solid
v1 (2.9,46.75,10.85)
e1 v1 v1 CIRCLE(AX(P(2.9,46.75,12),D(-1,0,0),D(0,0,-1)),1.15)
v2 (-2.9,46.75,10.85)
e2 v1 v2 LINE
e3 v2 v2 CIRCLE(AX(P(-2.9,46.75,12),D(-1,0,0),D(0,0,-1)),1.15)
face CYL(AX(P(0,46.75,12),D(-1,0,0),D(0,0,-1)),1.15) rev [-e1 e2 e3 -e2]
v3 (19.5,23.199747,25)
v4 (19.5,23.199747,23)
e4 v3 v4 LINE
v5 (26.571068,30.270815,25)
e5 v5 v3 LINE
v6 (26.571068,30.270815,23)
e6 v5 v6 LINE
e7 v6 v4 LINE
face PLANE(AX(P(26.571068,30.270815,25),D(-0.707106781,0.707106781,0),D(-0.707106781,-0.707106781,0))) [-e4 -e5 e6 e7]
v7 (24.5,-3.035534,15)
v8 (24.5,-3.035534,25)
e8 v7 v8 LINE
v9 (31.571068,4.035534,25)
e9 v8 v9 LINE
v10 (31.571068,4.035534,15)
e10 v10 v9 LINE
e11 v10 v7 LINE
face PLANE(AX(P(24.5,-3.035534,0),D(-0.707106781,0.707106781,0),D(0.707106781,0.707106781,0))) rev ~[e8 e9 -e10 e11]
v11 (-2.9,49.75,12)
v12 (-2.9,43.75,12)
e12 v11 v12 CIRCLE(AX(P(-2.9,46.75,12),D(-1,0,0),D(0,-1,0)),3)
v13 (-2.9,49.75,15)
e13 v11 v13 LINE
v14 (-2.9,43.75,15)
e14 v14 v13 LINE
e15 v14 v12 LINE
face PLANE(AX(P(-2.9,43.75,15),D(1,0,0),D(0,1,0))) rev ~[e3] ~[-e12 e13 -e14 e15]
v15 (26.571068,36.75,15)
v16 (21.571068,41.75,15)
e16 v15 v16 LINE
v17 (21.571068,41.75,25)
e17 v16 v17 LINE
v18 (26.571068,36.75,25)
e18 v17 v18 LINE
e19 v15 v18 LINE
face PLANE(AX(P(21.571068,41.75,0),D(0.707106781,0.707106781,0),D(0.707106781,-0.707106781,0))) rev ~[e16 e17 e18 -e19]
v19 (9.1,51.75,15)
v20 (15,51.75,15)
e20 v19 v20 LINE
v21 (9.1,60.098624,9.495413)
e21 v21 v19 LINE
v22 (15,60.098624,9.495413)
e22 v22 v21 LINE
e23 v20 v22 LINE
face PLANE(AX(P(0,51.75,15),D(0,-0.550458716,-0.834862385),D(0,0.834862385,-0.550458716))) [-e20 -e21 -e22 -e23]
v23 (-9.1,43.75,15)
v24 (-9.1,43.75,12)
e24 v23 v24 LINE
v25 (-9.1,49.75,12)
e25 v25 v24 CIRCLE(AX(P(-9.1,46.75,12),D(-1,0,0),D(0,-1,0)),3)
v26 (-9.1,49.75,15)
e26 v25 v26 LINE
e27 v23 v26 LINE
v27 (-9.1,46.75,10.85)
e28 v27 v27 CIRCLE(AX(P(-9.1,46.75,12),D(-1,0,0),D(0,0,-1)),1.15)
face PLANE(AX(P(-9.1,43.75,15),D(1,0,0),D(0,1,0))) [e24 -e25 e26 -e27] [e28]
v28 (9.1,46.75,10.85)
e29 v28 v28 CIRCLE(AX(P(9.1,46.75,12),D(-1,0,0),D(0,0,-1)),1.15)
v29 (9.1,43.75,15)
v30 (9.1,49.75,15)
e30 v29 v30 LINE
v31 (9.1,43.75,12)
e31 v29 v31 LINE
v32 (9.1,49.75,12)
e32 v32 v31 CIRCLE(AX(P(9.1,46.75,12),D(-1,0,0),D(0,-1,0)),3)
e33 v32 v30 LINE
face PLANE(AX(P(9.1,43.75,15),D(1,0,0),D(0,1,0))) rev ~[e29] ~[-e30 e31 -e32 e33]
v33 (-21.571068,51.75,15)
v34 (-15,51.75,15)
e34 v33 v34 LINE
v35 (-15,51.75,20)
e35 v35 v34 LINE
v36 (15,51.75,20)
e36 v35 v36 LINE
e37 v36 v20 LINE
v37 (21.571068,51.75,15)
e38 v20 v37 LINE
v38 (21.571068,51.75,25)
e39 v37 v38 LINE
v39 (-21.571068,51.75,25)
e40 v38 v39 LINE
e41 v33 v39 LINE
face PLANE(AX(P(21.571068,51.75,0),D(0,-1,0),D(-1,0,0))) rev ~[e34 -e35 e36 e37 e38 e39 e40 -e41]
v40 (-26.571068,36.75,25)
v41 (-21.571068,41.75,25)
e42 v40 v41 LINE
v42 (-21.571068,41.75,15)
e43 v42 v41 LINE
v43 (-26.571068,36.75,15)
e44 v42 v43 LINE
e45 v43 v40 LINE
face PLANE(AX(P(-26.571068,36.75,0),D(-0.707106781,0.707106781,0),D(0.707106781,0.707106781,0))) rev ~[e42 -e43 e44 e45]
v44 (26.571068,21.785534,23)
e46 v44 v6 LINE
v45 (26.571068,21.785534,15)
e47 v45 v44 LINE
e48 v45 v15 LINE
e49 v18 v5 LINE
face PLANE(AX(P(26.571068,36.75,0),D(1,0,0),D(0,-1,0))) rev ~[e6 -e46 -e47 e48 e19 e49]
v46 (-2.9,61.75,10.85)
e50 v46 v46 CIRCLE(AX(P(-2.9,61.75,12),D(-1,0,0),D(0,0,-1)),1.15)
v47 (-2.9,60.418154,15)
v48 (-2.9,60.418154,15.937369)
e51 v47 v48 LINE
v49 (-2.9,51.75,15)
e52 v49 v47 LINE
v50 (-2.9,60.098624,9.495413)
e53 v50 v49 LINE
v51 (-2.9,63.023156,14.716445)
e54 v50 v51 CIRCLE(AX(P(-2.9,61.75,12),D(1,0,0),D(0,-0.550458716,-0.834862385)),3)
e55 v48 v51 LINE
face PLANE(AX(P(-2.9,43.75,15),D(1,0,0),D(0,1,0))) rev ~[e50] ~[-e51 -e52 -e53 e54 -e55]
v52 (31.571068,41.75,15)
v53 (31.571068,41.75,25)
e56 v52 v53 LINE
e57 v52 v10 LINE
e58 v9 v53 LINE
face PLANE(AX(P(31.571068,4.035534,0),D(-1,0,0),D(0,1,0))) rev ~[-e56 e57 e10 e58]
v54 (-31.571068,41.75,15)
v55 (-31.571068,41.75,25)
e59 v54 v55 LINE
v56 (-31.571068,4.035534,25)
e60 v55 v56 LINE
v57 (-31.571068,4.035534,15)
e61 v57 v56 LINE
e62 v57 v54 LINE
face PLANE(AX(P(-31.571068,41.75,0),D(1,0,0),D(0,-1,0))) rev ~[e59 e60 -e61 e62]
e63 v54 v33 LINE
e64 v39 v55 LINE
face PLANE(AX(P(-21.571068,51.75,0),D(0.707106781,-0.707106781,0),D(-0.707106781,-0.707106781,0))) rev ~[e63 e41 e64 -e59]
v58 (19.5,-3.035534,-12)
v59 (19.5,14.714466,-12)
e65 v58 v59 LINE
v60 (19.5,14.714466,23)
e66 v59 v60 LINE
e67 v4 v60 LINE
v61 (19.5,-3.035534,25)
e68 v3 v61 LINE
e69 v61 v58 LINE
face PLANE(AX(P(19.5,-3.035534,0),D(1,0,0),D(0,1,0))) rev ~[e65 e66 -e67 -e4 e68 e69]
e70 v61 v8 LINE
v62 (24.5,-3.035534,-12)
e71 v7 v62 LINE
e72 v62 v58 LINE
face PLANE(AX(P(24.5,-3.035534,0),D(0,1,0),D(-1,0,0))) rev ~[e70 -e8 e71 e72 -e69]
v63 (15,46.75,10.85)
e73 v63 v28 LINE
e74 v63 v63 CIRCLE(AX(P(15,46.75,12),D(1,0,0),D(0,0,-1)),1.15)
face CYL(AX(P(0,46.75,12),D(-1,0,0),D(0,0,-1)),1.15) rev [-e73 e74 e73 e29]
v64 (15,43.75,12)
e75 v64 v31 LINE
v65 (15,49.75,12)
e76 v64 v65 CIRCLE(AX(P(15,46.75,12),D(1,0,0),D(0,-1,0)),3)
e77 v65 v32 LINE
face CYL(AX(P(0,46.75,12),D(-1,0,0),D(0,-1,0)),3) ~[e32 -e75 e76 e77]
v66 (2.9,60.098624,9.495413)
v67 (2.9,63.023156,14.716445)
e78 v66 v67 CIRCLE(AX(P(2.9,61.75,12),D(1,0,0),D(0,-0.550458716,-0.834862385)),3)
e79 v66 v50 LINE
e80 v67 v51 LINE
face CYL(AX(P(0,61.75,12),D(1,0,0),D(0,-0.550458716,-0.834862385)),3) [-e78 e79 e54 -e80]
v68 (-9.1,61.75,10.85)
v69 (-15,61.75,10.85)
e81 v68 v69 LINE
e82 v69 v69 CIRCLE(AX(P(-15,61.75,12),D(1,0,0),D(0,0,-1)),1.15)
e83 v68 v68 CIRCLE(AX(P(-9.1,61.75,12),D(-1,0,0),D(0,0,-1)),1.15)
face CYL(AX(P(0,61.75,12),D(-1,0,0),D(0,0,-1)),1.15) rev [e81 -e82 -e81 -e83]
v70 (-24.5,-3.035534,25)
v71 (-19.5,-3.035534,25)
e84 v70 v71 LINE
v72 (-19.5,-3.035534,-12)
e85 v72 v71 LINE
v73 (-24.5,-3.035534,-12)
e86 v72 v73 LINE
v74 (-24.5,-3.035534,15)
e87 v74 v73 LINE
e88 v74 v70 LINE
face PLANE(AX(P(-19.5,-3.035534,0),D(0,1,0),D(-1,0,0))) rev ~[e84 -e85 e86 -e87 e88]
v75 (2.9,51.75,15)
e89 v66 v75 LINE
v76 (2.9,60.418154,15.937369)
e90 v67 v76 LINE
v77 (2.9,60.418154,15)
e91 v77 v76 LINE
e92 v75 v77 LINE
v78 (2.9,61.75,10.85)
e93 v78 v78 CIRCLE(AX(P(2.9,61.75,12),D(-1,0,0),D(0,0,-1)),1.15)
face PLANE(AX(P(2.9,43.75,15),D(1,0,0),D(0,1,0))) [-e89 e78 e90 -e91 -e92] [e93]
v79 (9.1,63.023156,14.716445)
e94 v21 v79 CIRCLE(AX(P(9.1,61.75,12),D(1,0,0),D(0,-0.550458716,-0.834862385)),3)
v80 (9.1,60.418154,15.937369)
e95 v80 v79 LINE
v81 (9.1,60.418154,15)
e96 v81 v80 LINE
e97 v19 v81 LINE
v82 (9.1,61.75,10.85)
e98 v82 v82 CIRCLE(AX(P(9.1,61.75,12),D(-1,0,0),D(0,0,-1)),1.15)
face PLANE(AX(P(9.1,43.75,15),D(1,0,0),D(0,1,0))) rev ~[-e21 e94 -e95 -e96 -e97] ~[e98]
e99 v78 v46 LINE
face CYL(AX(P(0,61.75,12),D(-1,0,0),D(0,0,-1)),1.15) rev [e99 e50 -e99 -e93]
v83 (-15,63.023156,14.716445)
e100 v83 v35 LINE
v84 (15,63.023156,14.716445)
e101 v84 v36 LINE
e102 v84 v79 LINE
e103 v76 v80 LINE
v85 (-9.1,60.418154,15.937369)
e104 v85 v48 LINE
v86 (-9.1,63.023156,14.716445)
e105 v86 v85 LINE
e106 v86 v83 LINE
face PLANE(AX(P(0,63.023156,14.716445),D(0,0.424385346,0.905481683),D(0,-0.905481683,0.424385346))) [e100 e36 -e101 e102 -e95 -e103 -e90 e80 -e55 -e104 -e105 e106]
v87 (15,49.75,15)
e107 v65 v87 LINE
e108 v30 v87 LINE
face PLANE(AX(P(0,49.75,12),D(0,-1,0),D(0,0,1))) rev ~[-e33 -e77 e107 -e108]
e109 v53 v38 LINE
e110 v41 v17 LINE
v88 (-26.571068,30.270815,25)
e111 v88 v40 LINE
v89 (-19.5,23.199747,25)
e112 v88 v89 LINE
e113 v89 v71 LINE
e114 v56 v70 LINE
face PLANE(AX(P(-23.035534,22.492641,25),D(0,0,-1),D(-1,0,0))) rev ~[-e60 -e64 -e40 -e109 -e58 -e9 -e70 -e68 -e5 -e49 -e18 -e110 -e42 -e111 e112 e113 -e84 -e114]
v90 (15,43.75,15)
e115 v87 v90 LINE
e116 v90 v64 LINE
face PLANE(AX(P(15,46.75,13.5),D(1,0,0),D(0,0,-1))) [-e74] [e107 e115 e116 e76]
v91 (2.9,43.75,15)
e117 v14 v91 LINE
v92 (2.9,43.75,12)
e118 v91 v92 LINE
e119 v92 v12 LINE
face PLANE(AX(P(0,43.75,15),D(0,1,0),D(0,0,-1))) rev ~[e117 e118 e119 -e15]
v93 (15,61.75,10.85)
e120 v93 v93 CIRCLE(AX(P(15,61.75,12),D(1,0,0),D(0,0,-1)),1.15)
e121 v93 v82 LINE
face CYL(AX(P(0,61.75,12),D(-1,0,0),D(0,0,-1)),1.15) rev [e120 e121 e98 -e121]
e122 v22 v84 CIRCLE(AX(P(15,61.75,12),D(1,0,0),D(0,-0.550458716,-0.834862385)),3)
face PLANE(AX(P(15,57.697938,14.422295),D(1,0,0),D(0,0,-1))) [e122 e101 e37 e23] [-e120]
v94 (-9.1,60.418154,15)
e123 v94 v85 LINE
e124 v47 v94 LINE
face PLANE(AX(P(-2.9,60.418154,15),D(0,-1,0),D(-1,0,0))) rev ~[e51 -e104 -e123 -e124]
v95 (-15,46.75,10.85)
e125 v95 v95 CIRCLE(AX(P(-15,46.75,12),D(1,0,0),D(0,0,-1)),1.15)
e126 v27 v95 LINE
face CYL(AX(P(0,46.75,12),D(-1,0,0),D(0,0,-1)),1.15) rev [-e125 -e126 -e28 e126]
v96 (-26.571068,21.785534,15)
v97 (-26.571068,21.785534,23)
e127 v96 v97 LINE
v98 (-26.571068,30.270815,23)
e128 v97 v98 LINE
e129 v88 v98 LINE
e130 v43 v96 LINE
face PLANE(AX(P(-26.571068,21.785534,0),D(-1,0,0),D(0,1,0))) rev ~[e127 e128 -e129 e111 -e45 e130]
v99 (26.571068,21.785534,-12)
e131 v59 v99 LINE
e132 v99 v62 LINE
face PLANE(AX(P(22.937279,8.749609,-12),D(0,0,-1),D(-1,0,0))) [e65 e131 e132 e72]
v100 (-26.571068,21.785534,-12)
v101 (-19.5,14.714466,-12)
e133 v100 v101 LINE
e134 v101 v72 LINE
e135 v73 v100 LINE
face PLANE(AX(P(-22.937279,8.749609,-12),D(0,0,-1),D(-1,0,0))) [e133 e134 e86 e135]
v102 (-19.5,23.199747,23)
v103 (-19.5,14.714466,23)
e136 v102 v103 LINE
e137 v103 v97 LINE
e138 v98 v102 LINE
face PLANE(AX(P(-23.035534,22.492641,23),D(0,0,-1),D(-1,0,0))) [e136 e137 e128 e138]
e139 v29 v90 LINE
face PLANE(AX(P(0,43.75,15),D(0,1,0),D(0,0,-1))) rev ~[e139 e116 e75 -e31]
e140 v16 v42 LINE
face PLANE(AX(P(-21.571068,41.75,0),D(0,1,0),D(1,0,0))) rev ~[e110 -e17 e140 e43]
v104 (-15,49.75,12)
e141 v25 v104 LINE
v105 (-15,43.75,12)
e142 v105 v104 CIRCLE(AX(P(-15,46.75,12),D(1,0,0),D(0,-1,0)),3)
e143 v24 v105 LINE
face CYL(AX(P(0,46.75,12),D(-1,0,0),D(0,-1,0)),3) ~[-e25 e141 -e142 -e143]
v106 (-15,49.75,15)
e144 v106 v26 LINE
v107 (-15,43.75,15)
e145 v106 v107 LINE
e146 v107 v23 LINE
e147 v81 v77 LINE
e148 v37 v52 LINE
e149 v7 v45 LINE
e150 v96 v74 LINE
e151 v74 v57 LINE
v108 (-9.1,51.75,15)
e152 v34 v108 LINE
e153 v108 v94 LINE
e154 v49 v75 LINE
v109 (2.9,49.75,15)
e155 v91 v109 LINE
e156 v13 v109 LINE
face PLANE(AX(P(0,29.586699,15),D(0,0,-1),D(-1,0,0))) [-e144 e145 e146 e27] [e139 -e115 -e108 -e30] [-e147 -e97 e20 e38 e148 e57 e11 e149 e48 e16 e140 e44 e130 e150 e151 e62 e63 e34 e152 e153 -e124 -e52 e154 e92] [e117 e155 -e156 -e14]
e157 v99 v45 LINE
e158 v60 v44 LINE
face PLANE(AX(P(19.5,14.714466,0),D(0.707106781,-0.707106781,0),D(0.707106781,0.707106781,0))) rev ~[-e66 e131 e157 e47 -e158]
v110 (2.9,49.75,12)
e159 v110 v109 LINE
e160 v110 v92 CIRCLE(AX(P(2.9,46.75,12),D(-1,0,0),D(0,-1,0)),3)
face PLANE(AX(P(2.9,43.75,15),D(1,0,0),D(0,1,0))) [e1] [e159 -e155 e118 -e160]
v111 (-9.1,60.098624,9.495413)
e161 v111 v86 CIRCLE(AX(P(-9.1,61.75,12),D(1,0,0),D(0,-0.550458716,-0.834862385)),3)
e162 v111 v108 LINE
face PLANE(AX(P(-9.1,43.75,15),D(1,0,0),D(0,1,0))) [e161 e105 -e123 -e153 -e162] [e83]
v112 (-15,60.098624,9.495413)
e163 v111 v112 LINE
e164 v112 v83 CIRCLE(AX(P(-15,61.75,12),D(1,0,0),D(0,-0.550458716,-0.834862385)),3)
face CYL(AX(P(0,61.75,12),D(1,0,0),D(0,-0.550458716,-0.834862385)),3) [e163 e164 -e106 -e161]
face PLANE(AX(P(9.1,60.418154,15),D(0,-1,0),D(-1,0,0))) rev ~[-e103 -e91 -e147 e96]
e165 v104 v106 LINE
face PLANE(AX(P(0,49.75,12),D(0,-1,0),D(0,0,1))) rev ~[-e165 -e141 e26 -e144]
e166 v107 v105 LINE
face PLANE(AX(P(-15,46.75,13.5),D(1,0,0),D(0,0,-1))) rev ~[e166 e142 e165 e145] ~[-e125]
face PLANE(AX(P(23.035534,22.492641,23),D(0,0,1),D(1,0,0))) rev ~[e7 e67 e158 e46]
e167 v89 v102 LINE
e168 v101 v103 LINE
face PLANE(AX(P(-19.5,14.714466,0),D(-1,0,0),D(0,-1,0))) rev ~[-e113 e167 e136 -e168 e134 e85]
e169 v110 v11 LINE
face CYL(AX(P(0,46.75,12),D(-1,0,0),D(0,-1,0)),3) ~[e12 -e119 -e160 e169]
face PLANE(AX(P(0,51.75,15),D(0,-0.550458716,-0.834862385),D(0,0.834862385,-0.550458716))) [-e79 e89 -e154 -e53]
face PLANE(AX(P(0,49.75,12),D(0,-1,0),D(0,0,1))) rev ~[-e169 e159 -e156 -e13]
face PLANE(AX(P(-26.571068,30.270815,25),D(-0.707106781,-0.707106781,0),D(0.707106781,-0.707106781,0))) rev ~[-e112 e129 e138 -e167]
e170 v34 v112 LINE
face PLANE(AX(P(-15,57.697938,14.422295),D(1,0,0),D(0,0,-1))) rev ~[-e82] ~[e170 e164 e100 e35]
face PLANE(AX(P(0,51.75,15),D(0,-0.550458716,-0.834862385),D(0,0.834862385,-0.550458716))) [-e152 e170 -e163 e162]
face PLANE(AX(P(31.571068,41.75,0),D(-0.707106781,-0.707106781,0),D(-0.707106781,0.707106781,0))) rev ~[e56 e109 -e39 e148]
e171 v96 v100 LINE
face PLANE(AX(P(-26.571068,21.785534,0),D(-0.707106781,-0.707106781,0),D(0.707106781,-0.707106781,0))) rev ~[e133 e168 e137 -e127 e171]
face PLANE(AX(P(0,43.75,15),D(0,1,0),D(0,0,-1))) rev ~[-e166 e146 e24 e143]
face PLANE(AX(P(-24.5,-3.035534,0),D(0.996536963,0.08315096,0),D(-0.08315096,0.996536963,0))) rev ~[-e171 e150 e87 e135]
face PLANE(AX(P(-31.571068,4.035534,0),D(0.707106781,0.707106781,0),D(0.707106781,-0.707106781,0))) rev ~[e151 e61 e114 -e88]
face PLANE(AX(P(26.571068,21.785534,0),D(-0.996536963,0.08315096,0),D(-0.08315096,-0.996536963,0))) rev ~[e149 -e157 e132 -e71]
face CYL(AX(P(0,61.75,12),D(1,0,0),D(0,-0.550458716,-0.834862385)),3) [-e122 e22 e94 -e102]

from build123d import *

# Parameters (mm, degrees)
EXTRUDE_1_DEPTH     = 25
EXTRUDE_2_DEPTH     = 2
CUT_EXTRUDE_1_DEPTH = 15
SKETCH_4_R          = 1.15
EXTRUDE_3_DEPTH     = 15
SKETCH_5_W          = 6.2
SKETCH_5_H          = 22
CUT_EXTRUDE_2_DEPTH = 74.581891949
SKETCH_6_W          = 6.2
SKETCH_6_H          = 2
CUT_EXTRUDE_3_DEPTH = 74.581891949
EXTRUDE_4_DEPTH     = 12
EXTRUDE_5_DEPTH     = 12


with BuildPart() as part:
    # 草图1 → 凸台-拉伸1 (new body)
    with BuildSketch(Plane.XY):
        Polygon((19.5, 14.714466094), (19.5, -3.035533906), (24.5, -3.035533906), (31.571067812, 4.035533906), (31.571067812, 41.75), (21.571067812, 51.75), (-21.571067812, 51.75), (-31.571067812, 41.75), (-31.571067812, 4.035533906), (-24.5, -3.035533906), (-19.5, -3.035533906), (-19.5, 14.714466094), (-26.571067812, 21.785533906), (-26.571067812, 36.75), (-21.571067812, 41.75), (21.571067812, 41.75), (26.571067812, 36.75), (26.571067812, 21.785533906), align=None)
    extrude(amount=EXTRUDE_1_DEPTH)

    # 草图2 → 凸台-拉伸2 (add)
    with BuildSketch(Plane.XY.offset(25)):
        Polygon((-26.571067812, 30.27081528), (-19.5, 23.199747468), (-19.5, 14.714466094), (-26.571067812, 21.785533906), align=None)
        Polygon((26.571067812, 30.27081528), (19.5, 23.199747468), (19.5, 14.714466094), (26.571067812, 21.785533906), align=None)
    extrude(amount=-EXTRUDE_2_DEPTH)

    # 草图3 → 切除-拉伸1 (cut)
    with BuildSketch(Plane(origin=(0, 0, 0), x_dir=(-1, 0, 0), z_dir=(0, 0, -1))):
        Polygon((26.571067812, 21.785533906), (24.5, -3.035533906), (31.571067812, 4.035533906), (31.571067812, 41.75), (21.571067812, 51.75), (-21.571067812, 51.75), (-31.571067812, 41.75), (-31.571067812, 4.035533906), (-24.5, -3.035533906), (-26.571067812, 21.785533906), (-26.571067812, 36.75), (-21.571067812, 41.75), (21.571067812, 41.75), (26.571067812, 36.75), align=None)
    extrude(amount=-CUT_EXTRUDE_1_DEPTH, mode=Mode.SUBTRACT)

    # 草图4 → 凸台-拉伸3 (add, symmetric)
    # profile 1 of 2: a face of its own
    with BuildSketch(Plane(origin=(0, 0, 0), x_dir=(0, 0, -1), z_dir=(1, 0, 0))):
        with BuildLine():
            Line((-12, 49.75), (-15, 49.75))
            ThreePointArc((-15, 49.75), (-18, 46.75), (-15, 43.75))
            Line((-15, 43.75), (-12, 43.75))
            ThreePointArc((-12, 43.75), (-9, 46.75), (-12, 49.75))
        make_face()
        with Locations((-12, 46.75)):
            Circle(SKETCH_4_R, mode=Mode.SUBTRACT)
    # profile 2 of 2: a face of its own
    with BuildSketch(Plane(origin=(0, 0, 0), x_dir=(0, 0, -1), z_dir=(1, 0, 0))):
        with BuildLine():
            Line((-14.716445048, 63.023156039), (-20, 51.75))
            Line((-20, 51.75), (-15, 51.75))
            Line((-15, 51.75), (-9.495412844, 60.098623853))
            ThreePointArc((-9.495412844, 60.098623853), (-10.533902095, 64.36735686), (-14.716445048, 63.023156039))
        make_face()
        with Locations((-12, 61.75)):
            Circle(SKETCH_4_R, mode=Mode.SUBTRACT)
    extrude(amount=EXTRUDE_3_DEPTH, both=True)

    # 草图5 → 切除-拉伸2 (cut, through all)
    with BuildSketch(Plane(origin=(0, 0, 15), x_dir=(-1, 0, 0), z_dir=(0, 0, -1))):
        with Locations((-6, 54.75)):
            Rectangle(SKETCH_5_W, SKETCH_5_H)
        with Locations((6, 54.75)):
            Rectangle(SKETCH_5_W, SKETCH_5_H)
    extrude(amount=CUT_EXTRUDE_2_DEPTH, mode=Mode.SUBTRACT)

    # 草图6 → 切除-拉伸3 (cut, through all)
    with BuildSketch(Plane(origin=(0, 0, 15), x_dir=(-1, 0, 0), z_dir=(0, 0, -1))):
        with Locations((-6, 61.418154436)):
            Rectangle(SKETCH_6_W, SKETCH_6_H)
        with Locations((6, 61.418154436)):
            Rectangle(SKETCH_6_W, SKETCH_6_H)
    extrude(amount=-CUT_EXTRUDE_3_DEPTH, mode=Mode.SUBTRACT)

    # 草图7 → 凸台-拉伸4 (add)
    with BuildSketch(Plane(origin=(0, 0, 0), x_dir=(-1, 0, 0), z_dir=(0, 0, -1))):
        Polygon((-26.571067812, 21.785533906), (-24.5, -3.035533906), (-19.5, -3.035533906), (-19.5, 14.714466094), align=None)
    extrude(amount=EXTRUDE_4_DEPTH)

    # 草图8 → 凸台-拉伸5 (add)
    with BuildSketch(Plane(origin=(0, 0, 0), x_dir=(-1, 0, 0), z_dir=(0, 0, -1))):
        Polygon((19.5, -3.035533906), (24.5, -3.035533906), (26.571067812, 21.785533906), (19.5, 14.714466094), align=None)
    extrude(amount=EXTRUDE_5_DEPTH)


solid = part.part
